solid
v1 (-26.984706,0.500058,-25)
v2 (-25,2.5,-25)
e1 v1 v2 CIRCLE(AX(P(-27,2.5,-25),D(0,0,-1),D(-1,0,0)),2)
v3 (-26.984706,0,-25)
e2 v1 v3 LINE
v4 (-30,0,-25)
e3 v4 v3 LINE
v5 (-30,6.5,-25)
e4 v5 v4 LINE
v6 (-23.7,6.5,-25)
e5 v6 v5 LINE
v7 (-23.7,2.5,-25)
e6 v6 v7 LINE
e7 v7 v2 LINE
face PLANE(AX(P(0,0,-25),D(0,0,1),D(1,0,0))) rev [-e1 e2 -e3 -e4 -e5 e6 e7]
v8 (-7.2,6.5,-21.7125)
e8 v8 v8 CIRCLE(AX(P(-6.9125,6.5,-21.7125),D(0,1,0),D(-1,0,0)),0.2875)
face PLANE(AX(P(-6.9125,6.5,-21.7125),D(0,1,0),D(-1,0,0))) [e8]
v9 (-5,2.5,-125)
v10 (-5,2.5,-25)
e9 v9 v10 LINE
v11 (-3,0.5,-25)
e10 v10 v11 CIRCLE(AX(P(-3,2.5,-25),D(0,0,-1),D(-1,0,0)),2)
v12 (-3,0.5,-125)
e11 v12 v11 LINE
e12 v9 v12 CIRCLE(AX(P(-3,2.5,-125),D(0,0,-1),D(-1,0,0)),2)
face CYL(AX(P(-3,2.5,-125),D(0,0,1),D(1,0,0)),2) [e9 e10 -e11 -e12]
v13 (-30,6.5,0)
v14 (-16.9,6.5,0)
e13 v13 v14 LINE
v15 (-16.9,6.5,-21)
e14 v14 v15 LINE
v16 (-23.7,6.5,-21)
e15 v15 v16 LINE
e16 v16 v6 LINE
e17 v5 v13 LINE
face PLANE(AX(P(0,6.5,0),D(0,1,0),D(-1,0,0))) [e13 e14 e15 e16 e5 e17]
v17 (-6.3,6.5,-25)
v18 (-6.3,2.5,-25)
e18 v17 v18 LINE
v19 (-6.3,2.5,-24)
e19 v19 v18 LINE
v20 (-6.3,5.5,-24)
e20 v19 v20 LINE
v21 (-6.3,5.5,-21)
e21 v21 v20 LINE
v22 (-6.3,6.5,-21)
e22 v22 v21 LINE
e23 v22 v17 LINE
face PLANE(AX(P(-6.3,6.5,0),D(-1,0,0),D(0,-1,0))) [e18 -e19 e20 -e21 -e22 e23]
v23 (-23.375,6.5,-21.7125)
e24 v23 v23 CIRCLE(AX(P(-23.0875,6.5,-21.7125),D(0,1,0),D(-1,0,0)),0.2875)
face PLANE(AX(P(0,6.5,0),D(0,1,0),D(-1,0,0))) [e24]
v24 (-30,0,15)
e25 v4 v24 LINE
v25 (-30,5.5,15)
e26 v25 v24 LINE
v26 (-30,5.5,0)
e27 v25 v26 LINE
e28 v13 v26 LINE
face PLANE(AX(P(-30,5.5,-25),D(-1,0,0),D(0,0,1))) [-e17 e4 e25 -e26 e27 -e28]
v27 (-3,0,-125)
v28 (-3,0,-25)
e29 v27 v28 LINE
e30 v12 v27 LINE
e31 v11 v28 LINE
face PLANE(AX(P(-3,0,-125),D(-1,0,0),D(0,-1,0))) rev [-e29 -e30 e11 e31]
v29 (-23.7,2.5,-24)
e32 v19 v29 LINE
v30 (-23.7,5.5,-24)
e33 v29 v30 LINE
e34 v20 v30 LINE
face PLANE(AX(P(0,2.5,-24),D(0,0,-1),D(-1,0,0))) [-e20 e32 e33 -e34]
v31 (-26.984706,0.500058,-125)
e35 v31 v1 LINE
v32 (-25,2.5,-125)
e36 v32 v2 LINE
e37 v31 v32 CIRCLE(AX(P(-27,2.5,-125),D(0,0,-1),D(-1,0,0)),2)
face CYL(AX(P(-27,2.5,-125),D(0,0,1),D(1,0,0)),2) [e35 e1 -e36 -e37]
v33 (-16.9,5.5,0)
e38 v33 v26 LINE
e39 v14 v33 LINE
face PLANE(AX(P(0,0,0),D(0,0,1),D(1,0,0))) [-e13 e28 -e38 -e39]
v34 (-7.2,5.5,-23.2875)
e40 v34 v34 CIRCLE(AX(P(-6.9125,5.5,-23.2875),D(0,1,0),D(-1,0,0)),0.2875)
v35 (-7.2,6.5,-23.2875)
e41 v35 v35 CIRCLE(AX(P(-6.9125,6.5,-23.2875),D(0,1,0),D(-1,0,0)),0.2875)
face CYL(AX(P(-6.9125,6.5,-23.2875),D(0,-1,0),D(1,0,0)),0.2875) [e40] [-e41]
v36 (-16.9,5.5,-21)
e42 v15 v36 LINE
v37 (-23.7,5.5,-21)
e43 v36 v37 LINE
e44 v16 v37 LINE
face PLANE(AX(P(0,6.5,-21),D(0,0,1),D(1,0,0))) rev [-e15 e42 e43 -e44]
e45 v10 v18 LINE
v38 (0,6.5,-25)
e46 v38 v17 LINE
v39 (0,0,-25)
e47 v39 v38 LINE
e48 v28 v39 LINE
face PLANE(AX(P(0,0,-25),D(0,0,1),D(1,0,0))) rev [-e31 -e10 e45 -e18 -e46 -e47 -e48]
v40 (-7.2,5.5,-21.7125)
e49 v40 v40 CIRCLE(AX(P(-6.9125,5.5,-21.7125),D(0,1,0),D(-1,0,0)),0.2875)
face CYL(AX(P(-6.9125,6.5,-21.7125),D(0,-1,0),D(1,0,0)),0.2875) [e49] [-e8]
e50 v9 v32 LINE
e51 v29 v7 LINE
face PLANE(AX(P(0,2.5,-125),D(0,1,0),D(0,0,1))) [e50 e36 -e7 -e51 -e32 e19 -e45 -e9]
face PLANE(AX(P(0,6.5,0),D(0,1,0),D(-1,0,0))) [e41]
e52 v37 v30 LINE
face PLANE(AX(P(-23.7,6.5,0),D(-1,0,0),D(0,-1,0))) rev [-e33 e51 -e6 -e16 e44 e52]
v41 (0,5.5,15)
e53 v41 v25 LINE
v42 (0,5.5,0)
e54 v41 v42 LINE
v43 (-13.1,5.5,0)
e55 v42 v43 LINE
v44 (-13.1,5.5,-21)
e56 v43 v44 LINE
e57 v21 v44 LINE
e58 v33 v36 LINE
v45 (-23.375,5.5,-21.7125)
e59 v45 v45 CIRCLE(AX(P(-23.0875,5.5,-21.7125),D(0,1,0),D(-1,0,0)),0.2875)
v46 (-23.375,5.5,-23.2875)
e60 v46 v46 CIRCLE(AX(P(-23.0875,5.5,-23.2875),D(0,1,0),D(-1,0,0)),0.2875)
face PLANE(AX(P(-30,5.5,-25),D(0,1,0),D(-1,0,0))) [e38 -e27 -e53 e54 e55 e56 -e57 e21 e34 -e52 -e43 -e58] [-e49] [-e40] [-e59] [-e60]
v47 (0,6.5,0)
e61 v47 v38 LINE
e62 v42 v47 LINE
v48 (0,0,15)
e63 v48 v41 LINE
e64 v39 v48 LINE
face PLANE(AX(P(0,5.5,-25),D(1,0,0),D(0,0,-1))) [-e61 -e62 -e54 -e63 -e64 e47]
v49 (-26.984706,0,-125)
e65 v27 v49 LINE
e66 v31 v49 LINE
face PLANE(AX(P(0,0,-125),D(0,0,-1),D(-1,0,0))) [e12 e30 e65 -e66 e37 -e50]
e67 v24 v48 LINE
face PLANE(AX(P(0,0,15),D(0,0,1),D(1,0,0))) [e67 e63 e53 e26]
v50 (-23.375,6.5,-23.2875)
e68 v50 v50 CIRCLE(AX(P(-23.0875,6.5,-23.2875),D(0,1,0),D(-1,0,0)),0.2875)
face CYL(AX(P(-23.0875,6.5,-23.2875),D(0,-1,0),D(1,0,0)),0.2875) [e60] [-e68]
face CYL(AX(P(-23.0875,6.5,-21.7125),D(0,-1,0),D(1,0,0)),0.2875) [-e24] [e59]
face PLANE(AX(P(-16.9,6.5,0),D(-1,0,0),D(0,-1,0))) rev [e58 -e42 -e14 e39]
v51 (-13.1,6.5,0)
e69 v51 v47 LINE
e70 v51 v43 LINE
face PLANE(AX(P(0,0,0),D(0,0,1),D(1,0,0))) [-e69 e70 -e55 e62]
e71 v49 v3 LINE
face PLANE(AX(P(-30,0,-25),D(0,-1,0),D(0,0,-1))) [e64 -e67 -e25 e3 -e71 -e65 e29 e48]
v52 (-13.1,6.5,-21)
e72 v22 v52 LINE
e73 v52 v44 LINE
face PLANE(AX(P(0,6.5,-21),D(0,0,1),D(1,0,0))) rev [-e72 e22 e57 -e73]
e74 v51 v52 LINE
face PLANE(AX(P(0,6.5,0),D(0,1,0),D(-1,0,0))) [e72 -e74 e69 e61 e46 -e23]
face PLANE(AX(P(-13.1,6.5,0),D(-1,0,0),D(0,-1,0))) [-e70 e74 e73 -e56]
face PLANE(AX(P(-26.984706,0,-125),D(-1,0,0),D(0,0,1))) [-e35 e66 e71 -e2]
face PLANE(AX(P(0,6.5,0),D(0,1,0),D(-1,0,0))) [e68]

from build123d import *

# Parameters (mm, degrees)
SKETCH1_W            = 30
SKETCH1_H            = 5.5
BOSS_EXTRUDE1_DEPTH  = 25
BOSS_EXTRUDE3_DEPTH  = 100
SKETCH5_R            = 0.2875
BOSS_EXTRUDE9_DEPTH  = 1
SKETCH5_10_W         = 17.4
SKETCH5_10_H         = 1
CUT_EXTRUDE1_DEPTH   = 3
SKETCH1_5_W          = 30
SKETCH1_5_H          = 5.5
BOSS_EXTRUDE11_DEPTH = 15


with BuildPart() as part:
    # Sketch1 → Boss-Extrude1 (new body)
    with BuildSketch(Plane.XY):
        with Locations((-15, 2.75)):
            Rectangle(SKETCH1_W, SKETCH1_H)
    extrude(amount=-BOSS_EXTRUDE1_DEPTH)

    # Sketch3 → Boss-Extrude3 (add)
    with BuildSketch(Plane(origin=(0, 0, -25), x_dir=(-1, 0, 0), z_dir=(0, 0, -1))):
        with BuildLine():
            ThreePointArc((5, 2.5), (1.585786438, 3.914213562), (3, 0.5))
            Line((3, 0.5), (3, 0))
            Line((3, 0), (26.984705643, 0))
            Line((26.984705643, 0), (26.984705643, 0.50005848))
            ThreePointArc((26.984705643, 0.50005848), (28.419610636, 3.908795813), (25, 2.5))
            Line((25, 2.5), (5, 2.5))
        make_face()
    extrude(amount=BOSS_EXTRUDE3_DEPTH)

    # Sketch5 → Boss-Extrude9 (add)
    with BuildSketch(Plane(origin=(0, 5.5, 0), x_dir=(1, 0, 0), z_dir=(0, 1, 0))):
        Polygon((-6.3, 25), (-6.3, 21), (-13.1, 21), (-13.1, 0), (0, 0), (0, 25), align=None)
        Polygon((-16.9, 0), (-16.9, 21), (-23.7, 21), (-23.7, 25), (-30, 25), (-30, 0), align=None)
        with Locations((-6.9125, 21.7125)):
            Circle(SKETCH5_R)
        with Locations((-6.9125, 23.2875)):
            Circle(SKETCH5_R)
        with Locations((-23.0875, 21.7125)):
            Circle(SKETCH5_R)
        with Locations((-23.0875, 23.2875)):
            Circle(SKETCH5_R)
    extrude(amount=BOSS_EXTRUDE9_DEPTH)

    # Sketch5<10> → Cut-Extrude1 (cut)
    with BuildSketch(Plane(origin=(0, 5.5, 0), x_dir=(1, 0, 0), z_dir=(0, 1, 0))):
        with Locations((-15, 24.5)):
            Rectangle(SKETCH5_10_W, SKETCH5_10_H)
    extrude(amount=-CUT_EXTRUDE1_DEPTH, mode=Mode.SUBTRACT)

    # Sketch1<5> → Boss-Extrude11 (add)
    with BuildSketch(Plane.XY):
        with Locations((-15, 2.75)):
            Rectangle(SKETCH1_5_W, SKETCH1_5_H)
    extrude(amount=BOSS_EXTRUDE11_DEPTH)


solid = part.part
